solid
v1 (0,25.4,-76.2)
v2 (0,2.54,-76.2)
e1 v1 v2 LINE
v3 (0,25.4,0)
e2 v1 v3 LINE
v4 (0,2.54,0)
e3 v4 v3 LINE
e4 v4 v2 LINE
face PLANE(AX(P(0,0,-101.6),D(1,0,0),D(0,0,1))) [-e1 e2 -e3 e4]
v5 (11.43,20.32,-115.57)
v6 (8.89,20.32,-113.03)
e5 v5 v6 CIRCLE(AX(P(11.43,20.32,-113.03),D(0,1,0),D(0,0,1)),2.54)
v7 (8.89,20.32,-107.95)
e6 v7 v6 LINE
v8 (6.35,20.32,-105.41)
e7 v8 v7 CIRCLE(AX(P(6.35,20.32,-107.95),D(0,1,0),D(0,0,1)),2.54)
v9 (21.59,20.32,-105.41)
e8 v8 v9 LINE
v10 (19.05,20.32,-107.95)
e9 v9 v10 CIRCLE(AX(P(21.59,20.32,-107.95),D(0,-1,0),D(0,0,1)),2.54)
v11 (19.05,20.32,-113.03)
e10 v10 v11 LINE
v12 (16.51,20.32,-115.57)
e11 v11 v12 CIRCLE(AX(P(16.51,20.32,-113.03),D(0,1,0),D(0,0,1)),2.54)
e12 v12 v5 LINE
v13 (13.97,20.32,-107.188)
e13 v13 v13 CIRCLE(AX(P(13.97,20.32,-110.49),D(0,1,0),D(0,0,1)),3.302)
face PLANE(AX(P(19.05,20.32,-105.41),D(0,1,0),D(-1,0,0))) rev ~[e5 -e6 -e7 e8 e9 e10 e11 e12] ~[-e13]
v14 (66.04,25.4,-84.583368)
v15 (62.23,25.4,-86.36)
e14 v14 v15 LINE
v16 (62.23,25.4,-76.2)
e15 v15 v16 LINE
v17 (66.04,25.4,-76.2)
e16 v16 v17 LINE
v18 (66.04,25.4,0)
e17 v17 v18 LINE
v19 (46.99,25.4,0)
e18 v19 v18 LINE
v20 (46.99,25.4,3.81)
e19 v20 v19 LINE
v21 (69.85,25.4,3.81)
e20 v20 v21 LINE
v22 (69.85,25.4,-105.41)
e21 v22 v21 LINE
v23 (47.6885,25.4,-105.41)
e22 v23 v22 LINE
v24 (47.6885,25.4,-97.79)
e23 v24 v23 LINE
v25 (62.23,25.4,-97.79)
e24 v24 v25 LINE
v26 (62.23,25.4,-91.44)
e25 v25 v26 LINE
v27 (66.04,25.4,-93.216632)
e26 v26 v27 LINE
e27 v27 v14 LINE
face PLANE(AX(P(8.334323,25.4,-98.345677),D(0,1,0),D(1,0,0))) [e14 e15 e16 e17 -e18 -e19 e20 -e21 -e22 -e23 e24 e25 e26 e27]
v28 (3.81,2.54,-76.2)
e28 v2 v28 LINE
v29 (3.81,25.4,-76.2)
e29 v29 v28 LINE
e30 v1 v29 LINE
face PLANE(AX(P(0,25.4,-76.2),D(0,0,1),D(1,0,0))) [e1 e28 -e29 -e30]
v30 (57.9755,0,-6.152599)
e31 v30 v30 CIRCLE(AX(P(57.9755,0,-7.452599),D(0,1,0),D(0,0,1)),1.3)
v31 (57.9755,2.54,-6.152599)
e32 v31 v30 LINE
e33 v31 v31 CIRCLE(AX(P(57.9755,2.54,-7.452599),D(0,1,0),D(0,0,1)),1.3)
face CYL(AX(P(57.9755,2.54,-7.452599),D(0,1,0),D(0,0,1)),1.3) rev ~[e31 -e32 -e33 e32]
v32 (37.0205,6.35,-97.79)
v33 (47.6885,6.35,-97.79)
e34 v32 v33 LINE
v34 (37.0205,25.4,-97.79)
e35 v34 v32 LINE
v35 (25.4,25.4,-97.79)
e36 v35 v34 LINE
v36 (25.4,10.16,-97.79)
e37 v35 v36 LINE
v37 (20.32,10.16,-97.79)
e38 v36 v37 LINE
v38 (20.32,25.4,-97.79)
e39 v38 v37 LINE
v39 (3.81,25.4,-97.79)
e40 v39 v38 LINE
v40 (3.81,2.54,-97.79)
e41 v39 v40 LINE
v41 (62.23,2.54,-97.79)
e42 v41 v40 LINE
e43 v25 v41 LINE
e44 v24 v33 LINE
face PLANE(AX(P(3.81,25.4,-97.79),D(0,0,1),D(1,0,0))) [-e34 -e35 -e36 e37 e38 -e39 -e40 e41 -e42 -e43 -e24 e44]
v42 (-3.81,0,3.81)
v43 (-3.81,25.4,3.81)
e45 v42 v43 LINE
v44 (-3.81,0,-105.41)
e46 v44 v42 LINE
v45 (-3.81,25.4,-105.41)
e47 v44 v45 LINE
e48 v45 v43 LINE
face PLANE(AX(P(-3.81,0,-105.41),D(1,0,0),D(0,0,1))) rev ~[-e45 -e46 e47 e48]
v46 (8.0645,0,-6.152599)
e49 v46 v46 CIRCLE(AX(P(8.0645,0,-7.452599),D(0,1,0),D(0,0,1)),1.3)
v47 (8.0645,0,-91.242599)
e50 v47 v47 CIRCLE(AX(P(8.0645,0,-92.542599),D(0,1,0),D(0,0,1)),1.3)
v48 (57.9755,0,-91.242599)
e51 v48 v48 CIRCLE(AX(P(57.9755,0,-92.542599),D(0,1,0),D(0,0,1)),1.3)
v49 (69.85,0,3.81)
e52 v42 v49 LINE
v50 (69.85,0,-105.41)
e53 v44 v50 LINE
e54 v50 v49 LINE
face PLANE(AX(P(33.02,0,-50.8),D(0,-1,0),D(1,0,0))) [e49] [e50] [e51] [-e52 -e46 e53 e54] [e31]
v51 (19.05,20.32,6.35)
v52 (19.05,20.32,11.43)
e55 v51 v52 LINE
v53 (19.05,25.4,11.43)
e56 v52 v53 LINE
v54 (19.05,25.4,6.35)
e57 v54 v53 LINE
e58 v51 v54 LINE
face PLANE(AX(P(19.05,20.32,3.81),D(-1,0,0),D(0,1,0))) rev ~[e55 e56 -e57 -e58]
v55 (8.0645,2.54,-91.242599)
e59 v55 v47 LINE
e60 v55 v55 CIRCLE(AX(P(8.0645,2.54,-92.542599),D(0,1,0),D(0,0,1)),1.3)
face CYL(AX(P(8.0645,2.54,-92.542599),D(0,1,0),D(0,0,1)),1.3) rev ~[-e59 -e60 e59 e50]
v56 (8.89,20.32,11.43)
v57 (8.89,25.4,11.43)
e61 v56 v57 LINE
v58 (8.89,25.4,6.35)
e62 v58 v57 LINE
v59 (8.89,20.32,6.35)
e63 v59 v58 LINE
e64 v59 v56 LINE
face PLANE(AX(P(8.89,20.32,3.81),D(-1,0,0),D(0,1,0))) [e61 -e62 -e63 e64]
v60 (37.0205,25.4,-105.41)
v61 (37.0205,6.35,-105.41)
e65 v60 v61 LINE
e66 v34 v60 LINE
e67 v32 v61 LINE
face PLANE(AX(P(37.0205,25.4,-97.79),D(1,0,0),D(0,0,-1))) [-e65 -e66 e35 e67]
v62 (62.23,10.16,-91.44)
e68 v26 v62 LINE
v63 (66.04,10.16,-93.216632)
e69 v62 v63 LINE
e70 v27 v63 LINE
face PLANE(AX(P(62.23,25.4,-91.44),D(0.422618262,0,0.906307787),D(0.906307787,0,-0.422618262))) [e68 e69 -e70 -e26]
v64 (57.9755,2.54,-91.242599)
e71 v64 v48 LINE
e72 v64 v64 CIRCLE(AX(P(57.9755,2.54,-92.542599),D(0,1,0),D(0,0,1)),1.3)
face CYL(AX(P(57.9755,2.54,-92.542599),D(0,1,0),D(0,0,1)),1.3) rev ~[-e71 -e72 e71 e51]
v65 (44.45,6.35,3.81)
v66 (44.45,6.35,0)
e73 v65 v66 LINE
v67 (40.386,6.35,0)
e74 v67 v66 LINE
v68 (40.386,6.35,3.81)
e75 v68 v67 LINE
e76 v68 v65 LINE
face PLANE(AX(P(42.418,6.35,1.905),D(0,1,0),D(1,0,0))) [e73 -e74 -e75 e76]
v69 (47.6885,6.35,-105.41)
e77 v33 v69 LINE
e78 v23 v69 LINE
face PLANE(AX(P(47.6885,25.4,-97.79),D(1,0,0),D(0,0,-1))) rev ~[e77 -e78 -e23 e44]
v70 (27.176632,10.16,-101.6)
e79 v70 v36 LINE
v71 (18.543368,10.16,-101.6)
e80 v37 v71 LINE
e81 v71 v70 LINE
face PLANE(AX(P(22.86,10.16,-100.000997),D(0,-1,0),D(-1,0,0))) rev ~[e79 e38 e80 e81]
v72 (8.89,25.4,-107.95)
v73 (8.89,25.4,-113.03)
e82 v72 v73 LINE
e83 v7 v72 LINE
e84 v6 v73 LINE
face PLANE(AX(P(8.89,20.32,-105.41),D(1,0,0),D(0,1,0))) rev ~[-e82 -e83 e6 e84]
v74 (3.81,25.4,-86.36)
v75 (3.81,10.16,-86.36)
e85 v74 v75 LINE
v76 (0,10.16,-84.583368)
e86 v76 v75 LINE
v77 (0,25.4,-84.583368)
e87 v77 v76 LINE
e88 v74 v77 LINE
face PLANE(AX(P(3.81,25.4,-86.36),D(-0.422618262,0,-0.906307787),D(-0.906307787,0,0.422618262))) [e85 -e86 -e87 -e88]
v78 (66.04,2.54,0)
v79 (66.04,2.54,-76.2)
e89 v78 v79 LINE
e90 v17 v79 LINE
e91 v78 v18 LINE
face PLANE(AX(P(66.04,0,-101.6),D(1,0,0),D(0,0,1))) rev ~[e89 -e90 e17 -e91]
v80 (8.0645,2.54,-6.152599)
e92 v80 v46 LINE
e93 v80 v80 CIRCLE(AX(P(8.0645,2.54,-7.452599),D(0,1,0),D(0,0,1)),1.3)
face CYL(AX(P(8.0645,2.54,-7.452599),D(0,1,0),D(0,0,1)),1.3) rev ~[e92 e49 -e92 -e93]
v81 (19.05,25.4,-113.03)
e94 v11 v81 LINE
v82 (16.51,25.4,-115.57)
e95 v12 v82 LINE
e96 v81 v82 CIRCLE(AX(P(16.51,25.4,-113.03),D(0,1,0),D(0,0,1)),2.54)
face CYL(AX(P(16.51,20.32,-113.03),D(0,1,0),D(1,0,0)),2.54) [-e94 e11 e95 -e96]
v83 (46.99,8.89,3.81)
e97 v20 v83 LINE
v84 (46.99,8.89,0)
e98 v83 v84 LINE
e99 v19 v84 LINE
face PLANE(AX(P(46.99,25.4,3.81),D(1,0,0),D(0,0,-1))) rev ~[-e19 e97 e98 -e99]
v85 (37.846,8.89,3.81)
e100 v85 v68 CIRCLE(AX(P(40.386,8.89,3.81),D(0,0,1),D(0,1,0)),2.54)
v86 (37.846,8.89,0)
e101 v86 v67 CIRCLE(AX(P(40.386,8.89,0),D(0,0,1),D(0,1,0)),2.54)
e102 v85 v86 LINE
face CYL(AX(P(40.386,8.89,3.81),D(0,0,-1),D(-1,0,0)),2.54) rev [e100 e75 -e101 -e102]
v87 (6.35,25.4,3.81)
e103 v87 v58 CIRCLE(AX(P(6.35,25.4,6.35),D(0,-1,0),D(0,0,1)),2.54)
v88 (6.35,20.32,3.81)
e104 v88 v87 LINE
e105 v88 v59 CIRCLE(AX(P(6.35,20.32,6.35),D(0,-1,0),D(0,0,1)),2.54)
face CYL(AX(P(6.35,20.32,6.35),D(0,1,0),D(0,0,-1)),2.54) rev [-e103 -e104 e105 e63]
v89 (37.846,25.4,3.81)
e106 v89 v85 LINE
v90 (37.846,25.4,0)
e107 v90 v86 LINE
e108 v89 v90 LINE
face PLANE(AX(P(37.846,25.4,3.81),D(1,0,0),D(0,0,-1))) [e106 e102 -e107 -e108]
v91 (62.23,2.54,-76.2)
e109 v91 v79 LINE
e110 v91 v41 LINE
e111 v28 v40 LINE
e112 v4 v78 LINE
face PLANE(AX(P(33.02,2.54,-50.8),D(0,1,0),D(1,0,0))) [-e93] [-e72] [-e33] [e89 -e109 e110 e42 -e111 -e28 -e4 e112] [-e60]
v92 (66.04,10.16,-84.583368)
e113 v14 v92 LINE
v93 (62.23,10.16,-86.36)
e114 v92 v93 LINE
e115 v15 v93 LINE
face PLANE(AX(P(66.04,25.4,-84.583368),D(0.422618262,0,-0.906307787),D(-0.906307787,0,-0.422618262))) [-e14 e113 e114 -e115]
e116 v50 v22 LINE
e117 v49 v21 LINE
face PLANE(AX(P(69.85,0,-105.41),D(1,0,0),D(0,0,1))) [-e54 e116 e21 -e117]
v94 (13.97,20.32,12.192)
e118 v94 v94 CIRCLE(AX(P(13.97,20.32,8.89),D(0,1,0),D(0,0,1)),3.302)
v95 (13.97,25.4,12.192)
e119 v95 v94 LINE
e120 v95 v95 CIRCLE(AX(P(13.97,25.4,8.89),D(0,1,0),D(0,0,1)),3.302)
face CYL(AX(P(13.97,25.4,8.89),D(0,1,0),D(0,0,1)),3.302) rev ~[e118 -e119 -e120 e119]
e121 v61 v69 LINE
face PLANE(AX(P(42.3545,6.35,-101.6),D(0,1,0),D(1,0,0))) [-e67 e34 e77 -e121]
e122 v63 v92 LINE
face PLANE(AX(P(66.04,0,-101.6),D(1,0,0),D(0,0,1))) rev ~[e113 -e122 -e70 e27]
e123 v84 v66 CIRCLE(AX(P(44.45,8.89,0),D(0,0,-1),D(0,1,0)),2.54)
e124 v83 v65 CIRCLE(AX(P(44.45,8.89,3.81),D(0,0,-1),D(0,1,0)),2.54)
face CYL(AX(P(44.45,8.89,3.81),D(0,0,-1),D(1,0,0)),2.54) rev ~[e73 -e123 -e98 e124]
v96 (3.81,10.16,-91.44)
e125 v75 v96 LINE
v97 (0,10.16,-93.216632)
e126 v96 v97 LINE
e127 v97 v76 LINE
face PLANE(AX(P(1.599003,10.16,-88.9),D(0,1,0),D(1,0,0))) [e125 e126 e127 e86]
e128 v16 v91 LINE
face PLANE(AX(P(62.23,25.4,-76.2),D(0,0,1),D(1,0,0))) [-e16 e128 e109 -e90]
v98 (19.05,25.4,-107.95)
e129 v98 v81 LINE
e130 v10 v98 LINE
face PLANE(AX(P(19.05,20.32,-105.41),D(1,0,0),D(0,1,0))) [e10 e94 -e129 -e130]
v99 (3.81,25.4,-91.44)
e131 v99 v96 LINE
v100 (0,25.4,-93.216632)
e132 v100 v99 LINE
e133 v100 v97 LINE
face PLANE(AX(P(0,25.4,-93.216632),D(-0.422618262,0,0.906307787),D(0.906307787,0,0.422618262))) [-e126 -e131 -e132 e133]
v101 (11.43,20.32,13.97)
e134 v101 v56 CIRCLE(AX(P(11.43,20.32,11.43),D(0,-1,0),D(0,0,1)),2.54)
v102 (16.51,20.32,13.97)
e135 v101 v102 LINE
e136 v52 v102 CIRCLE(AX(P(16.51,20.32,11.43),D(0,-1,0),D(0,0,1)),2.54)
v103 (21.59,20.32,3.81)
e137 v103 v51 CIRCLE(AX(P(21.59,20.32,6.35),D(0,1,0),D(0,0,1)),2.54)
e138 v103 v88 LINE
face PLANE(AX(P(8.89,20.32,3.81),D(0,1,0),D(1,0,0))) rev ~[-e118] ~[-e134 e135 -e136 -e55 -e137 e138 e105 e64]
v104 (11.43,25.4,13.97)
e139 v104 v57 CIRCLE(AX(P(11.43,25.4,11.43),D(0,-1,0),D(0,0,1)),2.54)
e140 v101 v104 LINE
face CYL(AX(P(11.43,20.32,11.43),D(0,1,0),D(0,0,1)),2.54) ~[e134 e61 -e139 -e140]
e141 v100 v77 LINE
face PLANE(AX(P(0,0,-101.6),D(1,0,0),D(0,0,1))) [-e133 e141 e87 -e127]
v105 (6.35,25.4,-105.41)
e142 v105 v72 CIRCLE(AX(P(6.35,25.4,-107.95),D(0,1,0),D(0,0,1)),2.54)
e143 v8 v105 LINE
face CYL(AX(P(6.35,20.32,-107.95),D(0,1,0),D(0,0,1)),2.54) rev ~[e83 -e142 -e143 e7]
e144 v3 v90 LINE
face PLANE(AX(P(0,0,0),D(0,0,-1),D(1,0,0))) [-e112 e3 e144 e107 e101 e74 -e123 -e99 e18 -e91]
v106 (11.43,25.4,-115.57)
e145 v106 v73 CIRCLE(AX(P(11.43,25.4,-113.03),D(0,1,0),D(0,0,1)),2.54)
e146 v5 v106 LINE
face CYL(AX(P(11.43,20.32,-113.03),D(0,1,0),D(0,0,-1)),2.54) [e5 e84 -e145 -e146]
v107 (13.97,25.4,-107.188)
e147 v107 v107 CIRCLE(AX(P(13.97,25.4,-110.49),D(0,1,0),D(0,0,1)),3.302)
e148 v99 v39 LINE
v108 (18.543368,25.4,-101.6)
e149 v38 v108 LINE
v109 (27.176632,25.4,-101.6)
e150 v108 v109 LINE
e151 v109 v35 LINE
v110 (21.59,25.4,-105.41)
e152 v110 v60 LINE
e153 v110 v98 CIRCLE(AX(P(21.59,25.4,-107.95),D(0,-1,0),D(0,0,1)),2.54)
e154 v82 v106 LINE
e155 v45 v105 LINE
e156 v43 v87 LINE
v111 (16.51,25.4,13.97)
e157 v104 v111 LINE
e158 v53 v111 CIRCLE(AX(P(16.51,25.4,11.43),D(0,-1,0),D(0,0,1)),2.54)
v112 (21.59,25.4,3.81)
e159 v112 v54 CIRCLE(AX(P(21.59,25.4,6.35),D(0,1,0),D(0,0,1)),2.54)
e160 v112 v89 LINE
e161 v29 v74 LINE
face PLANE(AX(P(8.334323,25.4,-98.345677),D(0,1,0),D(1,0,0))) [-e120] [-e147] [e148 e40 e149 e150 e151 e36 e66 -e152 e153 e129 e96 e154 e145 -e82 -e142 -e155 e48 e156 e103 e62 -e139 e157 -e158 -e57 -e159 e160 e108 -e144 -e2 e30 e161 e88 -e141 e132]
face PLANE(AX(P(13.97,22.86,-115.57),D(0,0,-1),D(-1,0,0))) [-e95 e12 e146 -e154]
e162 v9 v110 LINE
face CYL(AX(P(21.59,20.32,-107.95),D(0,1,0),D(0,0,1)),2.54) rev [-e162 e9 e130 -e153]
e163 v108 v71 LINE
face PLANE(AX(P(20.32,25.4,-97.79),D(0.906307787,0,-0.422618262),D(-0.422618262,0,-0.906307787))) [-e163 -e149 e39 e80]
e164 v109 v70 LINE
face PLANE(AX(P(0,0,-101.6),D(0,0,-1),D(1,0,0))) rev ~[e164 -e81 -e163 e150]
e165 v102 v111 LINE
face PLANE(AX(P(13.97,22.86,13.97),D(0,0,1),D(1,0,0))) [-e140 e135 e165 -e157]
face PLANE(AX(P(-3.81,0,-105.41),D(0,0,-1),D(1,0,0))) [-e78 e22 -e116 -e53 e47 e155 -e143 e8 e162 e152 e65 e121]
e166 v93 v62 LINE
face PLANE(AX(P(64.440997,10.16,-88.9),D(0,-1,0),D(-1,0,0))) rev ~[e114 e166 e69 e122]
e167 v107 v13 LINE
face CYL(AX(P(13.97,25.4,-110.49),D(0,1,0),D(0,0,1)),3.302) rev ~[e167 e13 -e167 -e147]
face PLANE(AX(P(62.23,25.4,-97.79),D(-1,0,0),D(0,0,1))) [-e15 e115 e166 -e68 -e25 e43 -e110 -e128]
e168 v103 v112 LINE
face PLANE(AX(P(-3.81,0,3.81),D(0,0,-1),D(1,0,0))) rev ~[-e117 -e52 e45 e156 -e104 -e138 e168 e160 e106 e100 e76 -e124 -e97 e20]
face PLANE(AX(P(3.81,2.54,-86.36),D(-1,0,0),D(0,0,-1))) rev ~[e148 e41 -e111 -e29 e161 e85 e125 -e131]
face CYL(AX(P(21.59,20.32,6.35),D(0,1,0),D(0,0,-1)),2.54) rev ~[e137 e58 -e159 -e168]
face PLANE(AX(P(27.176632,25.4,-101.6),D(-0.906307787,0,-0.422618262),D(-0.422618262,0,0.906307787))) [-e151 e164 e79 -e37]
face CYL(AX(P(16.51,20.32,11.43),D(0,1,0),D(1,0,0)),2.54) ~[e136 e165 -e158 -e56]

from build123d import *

# Parameters (mm, degrees)
SKETCH1_W               = 66.04
SKETCH1_H               = 101.6
BASE_EXTRUDE_DEPTH      = 2.54
SKETCH2_W               = 73.66
SKETCH2_H               = 109.22
SKETCH2_W_2             = 66.04
SKETCH2_H_2             = 101.6
WALLS_DEPTH             = 25.4
BUTTON_GUIDE_DEPTH      = 22.86
SKETCH4_R               = 1.3
CUT_EXTRUDE1_DEPTH      = 129.502413207
HARD_STOP_DEPTH         = 7.62
SKETCH6_W               = 9.144
SKETCH6_H               = 3.81
SKETCH6_W_2             = 10.668
SKETCH6_H_2             = 7.62
ELECTRONICS_HOLES_DEPTH = 19.05
FILLET1_R               = 2.54
SKETCH7_W               = 10.16
SKETCH7_H               = 5.08
BOSS_EXTRUDE1_DEPTH     = 10.16
SKETCH8_W               = 10.16
SKETCH8_H               = 5.08
BOSS_EXTRUDE2_DEPTH     = 10.16
SKETCH9_R               = 3.302
CUT_EXTRUDE2_DEPTH      = 138.406722543
FILLET2_R               = 2.54


with BuildPart() as part:
    # Sketch1 → Base Extrude (new body)
    with BuildSketch(Plane(origin=(0, 0, 0), x_dir=(1, 0, 0), z_dir=(0, 1, 0))):
        with Locations((33.02, 50.8)):
            Rectangle(SKETCH1_W, SKETCH1_H)
    extrude(amount=BASE_EXTRUDE_DEPTH)

    # Sketch2 → Walls (add)
    with BuildSketch(Plane.XZ):
        with Locations((33.02, -50.8)):
            Rectangle(SKETCH2_W, SKETCH2_H)
        with Locations((33.02, -50.8)):
            Rectangle(SKETCH2_W_2, SKETCH2_H_2, mode=Mode.SUBTRACT)
    extrude(amount=-WALLS_DEPTH)

    # Sketch3 → Button Guide (add)
    with BuildSketch(Plane(origin=(0, 25.4, 0), x_dir=(1, 0, 0), z_dir=(0, 1, 0))):
        Polygon((3.81, 86.36), (0, 84.583367822), (0, 76.2), (3.81, 76.2), align=None)
        Polygon((18.543367822, 101.6), (0, 101.6), (0, 93.216632178), (3.81, 91.44), (3.81, 97.79), (20.32, 97.79), align=None)
        Polygon((66.04, 101.6), (27.176632178, 101.6), (25.4, 97.79), (62.23, 97.79), (62.23, 91.44), (66.04, 93.216632178), align=None)
        Polygon((66.04, 76.2), (66.04, 84.583367822), (62.23, 86.36), (62.23, 76.2), align=None)
    extrude(amount=-BUTTON_GUIDE_DEPTH)

    # Sketch4 → Cut-Extrude1 (cut, through all)
    with BuildSketch(Plane(origin=(0, 2.54, 0), x_dir=(1, 0, 0), z_dir=(0, 1, 0))):
        with Locations(Location((8.0645, 92.542598833, 0), (0, 0, 270))):
            Circle(SKETCH4_R)
        with Locations(Location((57.9755, 92.542598833, 0), (0, 0, 270))):
            Circle(SKETCH4_R)
        with Locations(Location((8.0645, 7.452598833, 0), (0, 0, 270))):
            Circle(SKETCH4_R)
        with Locations(Location((57.9755, 7.452598833, 0), (0, 0, 270))):
            Circle(SKETCH4_R)
    extrude(amount=-CUT_EXTRUDE1_DEPTH, mode=Mode.SUBTRACT)

    # Sketch5 → Hard stop (add)
    with BuildSketch(Plane(origin=(0, 2.54, 0), x_dir=(1, 0, 0), z_dir=(0, 1, 0))):
        Polygon((0, 93.216632178), (0, 84.583367822), (3.81, 86.36), (3.81, 91.44), align=None)
        Polygon((18.543367822, 101.6), (27.176632178, 101.6), (25.4, 97.79), (20.32, 97.79), align=None)
        Polygon((62.23, 91.44), (66.04, 93.216632178), (66.04, 84.583367822), (62.23, 86.36), align=None)
    extrude(amount=HARD_STOP_DEPTH)

    # Sketch6 → Electronics Holes (cut)
    with BuildSketch(Plane(origin=(0, 25.4, 0), x_dir=(1, 0, 0), z_dir=(0, 1, 0))):
        with Locations((42.418, -1.905)):
            Rectangle(SKETCH6_W, SKETCH6_H)
        with Locations((42.3545, 101.6)):
            Rectangle(SKETCH6_W_2, SKETCH6_H_2)
    extrude(amount=-ELECTRONICS_HOLES_DEPTH, mode=Mode.SUBTRACT)

    # Fillet1
    fillet1_edges = [part.edges().sort_by_distance(p)[0] for p in [
        (37.846, 6.35, 1.905),
        (46.99, 6.35, 1.905),
    ]]
    fillet(fillet1_edges, radius=FILLET1_R)

    # Sketch7 → Boss-Extrude1 (add)
    with BuildSketch(Plane.XY.offset(3.81)):
        with Locations((13.97, 22.86)):
            Rectangle(SKETCH7_W, SKETCH7_H)
    extrude(amount=BOSS_EXTRUDE1_DEPTH)

    # Sketch8 → Boss-Extrude2 (add)
    with BuildSketch(Plane(origin=(0, 0, -105.41), x_dir=(-1, 0, 0), z_dir=(0, 0, -1))):
        with Locations((-13.97, 22.86)):
            Rectangle(SKETCH8_W, SKETCH8_H)
    extrude(amount=BOSS_EXTRUDE2_DEPTH)

    # Sketch9 → Cut-Extrude2 (cut, through all)
    with BuildSketch(Plane(origin=(0, 25.4, 0), x_dir=(1, 0, 0), z_dir=(0, 1, 0))):
        with Locations(Location((13.97, 110.49, 0), (0, 0, 270))):
            Circle(SKETCH9_R)
        with Locations(Location((13.97, -8.89, 0), (0, 0, 270))):
            Circle(SKETCH9_R)
    extrude(amount=-CUT_EXTRUDE2_DEPTH, mode=Mode.SUBTRACT)

    # Fillet2
    fillet2_edges = [part.edges().sort_by_distance(p)[0] for p in [
        (8.89, 22.86, 3.81),
        (19.05, 22.86, 3.81),
        (8.89, 22.86, 13.97),
        (19.05, 22.86, 13.97),
        (19.05, 22.86, -105.41),
        (8.89, 22.86, -105.41),
        (19.05, 22.86, -115.57),
        (8.89, 22.86, -115.57),
    ]]
    fillet(fillet2_edges, radius=FILLET2_R)


solid = part.part
